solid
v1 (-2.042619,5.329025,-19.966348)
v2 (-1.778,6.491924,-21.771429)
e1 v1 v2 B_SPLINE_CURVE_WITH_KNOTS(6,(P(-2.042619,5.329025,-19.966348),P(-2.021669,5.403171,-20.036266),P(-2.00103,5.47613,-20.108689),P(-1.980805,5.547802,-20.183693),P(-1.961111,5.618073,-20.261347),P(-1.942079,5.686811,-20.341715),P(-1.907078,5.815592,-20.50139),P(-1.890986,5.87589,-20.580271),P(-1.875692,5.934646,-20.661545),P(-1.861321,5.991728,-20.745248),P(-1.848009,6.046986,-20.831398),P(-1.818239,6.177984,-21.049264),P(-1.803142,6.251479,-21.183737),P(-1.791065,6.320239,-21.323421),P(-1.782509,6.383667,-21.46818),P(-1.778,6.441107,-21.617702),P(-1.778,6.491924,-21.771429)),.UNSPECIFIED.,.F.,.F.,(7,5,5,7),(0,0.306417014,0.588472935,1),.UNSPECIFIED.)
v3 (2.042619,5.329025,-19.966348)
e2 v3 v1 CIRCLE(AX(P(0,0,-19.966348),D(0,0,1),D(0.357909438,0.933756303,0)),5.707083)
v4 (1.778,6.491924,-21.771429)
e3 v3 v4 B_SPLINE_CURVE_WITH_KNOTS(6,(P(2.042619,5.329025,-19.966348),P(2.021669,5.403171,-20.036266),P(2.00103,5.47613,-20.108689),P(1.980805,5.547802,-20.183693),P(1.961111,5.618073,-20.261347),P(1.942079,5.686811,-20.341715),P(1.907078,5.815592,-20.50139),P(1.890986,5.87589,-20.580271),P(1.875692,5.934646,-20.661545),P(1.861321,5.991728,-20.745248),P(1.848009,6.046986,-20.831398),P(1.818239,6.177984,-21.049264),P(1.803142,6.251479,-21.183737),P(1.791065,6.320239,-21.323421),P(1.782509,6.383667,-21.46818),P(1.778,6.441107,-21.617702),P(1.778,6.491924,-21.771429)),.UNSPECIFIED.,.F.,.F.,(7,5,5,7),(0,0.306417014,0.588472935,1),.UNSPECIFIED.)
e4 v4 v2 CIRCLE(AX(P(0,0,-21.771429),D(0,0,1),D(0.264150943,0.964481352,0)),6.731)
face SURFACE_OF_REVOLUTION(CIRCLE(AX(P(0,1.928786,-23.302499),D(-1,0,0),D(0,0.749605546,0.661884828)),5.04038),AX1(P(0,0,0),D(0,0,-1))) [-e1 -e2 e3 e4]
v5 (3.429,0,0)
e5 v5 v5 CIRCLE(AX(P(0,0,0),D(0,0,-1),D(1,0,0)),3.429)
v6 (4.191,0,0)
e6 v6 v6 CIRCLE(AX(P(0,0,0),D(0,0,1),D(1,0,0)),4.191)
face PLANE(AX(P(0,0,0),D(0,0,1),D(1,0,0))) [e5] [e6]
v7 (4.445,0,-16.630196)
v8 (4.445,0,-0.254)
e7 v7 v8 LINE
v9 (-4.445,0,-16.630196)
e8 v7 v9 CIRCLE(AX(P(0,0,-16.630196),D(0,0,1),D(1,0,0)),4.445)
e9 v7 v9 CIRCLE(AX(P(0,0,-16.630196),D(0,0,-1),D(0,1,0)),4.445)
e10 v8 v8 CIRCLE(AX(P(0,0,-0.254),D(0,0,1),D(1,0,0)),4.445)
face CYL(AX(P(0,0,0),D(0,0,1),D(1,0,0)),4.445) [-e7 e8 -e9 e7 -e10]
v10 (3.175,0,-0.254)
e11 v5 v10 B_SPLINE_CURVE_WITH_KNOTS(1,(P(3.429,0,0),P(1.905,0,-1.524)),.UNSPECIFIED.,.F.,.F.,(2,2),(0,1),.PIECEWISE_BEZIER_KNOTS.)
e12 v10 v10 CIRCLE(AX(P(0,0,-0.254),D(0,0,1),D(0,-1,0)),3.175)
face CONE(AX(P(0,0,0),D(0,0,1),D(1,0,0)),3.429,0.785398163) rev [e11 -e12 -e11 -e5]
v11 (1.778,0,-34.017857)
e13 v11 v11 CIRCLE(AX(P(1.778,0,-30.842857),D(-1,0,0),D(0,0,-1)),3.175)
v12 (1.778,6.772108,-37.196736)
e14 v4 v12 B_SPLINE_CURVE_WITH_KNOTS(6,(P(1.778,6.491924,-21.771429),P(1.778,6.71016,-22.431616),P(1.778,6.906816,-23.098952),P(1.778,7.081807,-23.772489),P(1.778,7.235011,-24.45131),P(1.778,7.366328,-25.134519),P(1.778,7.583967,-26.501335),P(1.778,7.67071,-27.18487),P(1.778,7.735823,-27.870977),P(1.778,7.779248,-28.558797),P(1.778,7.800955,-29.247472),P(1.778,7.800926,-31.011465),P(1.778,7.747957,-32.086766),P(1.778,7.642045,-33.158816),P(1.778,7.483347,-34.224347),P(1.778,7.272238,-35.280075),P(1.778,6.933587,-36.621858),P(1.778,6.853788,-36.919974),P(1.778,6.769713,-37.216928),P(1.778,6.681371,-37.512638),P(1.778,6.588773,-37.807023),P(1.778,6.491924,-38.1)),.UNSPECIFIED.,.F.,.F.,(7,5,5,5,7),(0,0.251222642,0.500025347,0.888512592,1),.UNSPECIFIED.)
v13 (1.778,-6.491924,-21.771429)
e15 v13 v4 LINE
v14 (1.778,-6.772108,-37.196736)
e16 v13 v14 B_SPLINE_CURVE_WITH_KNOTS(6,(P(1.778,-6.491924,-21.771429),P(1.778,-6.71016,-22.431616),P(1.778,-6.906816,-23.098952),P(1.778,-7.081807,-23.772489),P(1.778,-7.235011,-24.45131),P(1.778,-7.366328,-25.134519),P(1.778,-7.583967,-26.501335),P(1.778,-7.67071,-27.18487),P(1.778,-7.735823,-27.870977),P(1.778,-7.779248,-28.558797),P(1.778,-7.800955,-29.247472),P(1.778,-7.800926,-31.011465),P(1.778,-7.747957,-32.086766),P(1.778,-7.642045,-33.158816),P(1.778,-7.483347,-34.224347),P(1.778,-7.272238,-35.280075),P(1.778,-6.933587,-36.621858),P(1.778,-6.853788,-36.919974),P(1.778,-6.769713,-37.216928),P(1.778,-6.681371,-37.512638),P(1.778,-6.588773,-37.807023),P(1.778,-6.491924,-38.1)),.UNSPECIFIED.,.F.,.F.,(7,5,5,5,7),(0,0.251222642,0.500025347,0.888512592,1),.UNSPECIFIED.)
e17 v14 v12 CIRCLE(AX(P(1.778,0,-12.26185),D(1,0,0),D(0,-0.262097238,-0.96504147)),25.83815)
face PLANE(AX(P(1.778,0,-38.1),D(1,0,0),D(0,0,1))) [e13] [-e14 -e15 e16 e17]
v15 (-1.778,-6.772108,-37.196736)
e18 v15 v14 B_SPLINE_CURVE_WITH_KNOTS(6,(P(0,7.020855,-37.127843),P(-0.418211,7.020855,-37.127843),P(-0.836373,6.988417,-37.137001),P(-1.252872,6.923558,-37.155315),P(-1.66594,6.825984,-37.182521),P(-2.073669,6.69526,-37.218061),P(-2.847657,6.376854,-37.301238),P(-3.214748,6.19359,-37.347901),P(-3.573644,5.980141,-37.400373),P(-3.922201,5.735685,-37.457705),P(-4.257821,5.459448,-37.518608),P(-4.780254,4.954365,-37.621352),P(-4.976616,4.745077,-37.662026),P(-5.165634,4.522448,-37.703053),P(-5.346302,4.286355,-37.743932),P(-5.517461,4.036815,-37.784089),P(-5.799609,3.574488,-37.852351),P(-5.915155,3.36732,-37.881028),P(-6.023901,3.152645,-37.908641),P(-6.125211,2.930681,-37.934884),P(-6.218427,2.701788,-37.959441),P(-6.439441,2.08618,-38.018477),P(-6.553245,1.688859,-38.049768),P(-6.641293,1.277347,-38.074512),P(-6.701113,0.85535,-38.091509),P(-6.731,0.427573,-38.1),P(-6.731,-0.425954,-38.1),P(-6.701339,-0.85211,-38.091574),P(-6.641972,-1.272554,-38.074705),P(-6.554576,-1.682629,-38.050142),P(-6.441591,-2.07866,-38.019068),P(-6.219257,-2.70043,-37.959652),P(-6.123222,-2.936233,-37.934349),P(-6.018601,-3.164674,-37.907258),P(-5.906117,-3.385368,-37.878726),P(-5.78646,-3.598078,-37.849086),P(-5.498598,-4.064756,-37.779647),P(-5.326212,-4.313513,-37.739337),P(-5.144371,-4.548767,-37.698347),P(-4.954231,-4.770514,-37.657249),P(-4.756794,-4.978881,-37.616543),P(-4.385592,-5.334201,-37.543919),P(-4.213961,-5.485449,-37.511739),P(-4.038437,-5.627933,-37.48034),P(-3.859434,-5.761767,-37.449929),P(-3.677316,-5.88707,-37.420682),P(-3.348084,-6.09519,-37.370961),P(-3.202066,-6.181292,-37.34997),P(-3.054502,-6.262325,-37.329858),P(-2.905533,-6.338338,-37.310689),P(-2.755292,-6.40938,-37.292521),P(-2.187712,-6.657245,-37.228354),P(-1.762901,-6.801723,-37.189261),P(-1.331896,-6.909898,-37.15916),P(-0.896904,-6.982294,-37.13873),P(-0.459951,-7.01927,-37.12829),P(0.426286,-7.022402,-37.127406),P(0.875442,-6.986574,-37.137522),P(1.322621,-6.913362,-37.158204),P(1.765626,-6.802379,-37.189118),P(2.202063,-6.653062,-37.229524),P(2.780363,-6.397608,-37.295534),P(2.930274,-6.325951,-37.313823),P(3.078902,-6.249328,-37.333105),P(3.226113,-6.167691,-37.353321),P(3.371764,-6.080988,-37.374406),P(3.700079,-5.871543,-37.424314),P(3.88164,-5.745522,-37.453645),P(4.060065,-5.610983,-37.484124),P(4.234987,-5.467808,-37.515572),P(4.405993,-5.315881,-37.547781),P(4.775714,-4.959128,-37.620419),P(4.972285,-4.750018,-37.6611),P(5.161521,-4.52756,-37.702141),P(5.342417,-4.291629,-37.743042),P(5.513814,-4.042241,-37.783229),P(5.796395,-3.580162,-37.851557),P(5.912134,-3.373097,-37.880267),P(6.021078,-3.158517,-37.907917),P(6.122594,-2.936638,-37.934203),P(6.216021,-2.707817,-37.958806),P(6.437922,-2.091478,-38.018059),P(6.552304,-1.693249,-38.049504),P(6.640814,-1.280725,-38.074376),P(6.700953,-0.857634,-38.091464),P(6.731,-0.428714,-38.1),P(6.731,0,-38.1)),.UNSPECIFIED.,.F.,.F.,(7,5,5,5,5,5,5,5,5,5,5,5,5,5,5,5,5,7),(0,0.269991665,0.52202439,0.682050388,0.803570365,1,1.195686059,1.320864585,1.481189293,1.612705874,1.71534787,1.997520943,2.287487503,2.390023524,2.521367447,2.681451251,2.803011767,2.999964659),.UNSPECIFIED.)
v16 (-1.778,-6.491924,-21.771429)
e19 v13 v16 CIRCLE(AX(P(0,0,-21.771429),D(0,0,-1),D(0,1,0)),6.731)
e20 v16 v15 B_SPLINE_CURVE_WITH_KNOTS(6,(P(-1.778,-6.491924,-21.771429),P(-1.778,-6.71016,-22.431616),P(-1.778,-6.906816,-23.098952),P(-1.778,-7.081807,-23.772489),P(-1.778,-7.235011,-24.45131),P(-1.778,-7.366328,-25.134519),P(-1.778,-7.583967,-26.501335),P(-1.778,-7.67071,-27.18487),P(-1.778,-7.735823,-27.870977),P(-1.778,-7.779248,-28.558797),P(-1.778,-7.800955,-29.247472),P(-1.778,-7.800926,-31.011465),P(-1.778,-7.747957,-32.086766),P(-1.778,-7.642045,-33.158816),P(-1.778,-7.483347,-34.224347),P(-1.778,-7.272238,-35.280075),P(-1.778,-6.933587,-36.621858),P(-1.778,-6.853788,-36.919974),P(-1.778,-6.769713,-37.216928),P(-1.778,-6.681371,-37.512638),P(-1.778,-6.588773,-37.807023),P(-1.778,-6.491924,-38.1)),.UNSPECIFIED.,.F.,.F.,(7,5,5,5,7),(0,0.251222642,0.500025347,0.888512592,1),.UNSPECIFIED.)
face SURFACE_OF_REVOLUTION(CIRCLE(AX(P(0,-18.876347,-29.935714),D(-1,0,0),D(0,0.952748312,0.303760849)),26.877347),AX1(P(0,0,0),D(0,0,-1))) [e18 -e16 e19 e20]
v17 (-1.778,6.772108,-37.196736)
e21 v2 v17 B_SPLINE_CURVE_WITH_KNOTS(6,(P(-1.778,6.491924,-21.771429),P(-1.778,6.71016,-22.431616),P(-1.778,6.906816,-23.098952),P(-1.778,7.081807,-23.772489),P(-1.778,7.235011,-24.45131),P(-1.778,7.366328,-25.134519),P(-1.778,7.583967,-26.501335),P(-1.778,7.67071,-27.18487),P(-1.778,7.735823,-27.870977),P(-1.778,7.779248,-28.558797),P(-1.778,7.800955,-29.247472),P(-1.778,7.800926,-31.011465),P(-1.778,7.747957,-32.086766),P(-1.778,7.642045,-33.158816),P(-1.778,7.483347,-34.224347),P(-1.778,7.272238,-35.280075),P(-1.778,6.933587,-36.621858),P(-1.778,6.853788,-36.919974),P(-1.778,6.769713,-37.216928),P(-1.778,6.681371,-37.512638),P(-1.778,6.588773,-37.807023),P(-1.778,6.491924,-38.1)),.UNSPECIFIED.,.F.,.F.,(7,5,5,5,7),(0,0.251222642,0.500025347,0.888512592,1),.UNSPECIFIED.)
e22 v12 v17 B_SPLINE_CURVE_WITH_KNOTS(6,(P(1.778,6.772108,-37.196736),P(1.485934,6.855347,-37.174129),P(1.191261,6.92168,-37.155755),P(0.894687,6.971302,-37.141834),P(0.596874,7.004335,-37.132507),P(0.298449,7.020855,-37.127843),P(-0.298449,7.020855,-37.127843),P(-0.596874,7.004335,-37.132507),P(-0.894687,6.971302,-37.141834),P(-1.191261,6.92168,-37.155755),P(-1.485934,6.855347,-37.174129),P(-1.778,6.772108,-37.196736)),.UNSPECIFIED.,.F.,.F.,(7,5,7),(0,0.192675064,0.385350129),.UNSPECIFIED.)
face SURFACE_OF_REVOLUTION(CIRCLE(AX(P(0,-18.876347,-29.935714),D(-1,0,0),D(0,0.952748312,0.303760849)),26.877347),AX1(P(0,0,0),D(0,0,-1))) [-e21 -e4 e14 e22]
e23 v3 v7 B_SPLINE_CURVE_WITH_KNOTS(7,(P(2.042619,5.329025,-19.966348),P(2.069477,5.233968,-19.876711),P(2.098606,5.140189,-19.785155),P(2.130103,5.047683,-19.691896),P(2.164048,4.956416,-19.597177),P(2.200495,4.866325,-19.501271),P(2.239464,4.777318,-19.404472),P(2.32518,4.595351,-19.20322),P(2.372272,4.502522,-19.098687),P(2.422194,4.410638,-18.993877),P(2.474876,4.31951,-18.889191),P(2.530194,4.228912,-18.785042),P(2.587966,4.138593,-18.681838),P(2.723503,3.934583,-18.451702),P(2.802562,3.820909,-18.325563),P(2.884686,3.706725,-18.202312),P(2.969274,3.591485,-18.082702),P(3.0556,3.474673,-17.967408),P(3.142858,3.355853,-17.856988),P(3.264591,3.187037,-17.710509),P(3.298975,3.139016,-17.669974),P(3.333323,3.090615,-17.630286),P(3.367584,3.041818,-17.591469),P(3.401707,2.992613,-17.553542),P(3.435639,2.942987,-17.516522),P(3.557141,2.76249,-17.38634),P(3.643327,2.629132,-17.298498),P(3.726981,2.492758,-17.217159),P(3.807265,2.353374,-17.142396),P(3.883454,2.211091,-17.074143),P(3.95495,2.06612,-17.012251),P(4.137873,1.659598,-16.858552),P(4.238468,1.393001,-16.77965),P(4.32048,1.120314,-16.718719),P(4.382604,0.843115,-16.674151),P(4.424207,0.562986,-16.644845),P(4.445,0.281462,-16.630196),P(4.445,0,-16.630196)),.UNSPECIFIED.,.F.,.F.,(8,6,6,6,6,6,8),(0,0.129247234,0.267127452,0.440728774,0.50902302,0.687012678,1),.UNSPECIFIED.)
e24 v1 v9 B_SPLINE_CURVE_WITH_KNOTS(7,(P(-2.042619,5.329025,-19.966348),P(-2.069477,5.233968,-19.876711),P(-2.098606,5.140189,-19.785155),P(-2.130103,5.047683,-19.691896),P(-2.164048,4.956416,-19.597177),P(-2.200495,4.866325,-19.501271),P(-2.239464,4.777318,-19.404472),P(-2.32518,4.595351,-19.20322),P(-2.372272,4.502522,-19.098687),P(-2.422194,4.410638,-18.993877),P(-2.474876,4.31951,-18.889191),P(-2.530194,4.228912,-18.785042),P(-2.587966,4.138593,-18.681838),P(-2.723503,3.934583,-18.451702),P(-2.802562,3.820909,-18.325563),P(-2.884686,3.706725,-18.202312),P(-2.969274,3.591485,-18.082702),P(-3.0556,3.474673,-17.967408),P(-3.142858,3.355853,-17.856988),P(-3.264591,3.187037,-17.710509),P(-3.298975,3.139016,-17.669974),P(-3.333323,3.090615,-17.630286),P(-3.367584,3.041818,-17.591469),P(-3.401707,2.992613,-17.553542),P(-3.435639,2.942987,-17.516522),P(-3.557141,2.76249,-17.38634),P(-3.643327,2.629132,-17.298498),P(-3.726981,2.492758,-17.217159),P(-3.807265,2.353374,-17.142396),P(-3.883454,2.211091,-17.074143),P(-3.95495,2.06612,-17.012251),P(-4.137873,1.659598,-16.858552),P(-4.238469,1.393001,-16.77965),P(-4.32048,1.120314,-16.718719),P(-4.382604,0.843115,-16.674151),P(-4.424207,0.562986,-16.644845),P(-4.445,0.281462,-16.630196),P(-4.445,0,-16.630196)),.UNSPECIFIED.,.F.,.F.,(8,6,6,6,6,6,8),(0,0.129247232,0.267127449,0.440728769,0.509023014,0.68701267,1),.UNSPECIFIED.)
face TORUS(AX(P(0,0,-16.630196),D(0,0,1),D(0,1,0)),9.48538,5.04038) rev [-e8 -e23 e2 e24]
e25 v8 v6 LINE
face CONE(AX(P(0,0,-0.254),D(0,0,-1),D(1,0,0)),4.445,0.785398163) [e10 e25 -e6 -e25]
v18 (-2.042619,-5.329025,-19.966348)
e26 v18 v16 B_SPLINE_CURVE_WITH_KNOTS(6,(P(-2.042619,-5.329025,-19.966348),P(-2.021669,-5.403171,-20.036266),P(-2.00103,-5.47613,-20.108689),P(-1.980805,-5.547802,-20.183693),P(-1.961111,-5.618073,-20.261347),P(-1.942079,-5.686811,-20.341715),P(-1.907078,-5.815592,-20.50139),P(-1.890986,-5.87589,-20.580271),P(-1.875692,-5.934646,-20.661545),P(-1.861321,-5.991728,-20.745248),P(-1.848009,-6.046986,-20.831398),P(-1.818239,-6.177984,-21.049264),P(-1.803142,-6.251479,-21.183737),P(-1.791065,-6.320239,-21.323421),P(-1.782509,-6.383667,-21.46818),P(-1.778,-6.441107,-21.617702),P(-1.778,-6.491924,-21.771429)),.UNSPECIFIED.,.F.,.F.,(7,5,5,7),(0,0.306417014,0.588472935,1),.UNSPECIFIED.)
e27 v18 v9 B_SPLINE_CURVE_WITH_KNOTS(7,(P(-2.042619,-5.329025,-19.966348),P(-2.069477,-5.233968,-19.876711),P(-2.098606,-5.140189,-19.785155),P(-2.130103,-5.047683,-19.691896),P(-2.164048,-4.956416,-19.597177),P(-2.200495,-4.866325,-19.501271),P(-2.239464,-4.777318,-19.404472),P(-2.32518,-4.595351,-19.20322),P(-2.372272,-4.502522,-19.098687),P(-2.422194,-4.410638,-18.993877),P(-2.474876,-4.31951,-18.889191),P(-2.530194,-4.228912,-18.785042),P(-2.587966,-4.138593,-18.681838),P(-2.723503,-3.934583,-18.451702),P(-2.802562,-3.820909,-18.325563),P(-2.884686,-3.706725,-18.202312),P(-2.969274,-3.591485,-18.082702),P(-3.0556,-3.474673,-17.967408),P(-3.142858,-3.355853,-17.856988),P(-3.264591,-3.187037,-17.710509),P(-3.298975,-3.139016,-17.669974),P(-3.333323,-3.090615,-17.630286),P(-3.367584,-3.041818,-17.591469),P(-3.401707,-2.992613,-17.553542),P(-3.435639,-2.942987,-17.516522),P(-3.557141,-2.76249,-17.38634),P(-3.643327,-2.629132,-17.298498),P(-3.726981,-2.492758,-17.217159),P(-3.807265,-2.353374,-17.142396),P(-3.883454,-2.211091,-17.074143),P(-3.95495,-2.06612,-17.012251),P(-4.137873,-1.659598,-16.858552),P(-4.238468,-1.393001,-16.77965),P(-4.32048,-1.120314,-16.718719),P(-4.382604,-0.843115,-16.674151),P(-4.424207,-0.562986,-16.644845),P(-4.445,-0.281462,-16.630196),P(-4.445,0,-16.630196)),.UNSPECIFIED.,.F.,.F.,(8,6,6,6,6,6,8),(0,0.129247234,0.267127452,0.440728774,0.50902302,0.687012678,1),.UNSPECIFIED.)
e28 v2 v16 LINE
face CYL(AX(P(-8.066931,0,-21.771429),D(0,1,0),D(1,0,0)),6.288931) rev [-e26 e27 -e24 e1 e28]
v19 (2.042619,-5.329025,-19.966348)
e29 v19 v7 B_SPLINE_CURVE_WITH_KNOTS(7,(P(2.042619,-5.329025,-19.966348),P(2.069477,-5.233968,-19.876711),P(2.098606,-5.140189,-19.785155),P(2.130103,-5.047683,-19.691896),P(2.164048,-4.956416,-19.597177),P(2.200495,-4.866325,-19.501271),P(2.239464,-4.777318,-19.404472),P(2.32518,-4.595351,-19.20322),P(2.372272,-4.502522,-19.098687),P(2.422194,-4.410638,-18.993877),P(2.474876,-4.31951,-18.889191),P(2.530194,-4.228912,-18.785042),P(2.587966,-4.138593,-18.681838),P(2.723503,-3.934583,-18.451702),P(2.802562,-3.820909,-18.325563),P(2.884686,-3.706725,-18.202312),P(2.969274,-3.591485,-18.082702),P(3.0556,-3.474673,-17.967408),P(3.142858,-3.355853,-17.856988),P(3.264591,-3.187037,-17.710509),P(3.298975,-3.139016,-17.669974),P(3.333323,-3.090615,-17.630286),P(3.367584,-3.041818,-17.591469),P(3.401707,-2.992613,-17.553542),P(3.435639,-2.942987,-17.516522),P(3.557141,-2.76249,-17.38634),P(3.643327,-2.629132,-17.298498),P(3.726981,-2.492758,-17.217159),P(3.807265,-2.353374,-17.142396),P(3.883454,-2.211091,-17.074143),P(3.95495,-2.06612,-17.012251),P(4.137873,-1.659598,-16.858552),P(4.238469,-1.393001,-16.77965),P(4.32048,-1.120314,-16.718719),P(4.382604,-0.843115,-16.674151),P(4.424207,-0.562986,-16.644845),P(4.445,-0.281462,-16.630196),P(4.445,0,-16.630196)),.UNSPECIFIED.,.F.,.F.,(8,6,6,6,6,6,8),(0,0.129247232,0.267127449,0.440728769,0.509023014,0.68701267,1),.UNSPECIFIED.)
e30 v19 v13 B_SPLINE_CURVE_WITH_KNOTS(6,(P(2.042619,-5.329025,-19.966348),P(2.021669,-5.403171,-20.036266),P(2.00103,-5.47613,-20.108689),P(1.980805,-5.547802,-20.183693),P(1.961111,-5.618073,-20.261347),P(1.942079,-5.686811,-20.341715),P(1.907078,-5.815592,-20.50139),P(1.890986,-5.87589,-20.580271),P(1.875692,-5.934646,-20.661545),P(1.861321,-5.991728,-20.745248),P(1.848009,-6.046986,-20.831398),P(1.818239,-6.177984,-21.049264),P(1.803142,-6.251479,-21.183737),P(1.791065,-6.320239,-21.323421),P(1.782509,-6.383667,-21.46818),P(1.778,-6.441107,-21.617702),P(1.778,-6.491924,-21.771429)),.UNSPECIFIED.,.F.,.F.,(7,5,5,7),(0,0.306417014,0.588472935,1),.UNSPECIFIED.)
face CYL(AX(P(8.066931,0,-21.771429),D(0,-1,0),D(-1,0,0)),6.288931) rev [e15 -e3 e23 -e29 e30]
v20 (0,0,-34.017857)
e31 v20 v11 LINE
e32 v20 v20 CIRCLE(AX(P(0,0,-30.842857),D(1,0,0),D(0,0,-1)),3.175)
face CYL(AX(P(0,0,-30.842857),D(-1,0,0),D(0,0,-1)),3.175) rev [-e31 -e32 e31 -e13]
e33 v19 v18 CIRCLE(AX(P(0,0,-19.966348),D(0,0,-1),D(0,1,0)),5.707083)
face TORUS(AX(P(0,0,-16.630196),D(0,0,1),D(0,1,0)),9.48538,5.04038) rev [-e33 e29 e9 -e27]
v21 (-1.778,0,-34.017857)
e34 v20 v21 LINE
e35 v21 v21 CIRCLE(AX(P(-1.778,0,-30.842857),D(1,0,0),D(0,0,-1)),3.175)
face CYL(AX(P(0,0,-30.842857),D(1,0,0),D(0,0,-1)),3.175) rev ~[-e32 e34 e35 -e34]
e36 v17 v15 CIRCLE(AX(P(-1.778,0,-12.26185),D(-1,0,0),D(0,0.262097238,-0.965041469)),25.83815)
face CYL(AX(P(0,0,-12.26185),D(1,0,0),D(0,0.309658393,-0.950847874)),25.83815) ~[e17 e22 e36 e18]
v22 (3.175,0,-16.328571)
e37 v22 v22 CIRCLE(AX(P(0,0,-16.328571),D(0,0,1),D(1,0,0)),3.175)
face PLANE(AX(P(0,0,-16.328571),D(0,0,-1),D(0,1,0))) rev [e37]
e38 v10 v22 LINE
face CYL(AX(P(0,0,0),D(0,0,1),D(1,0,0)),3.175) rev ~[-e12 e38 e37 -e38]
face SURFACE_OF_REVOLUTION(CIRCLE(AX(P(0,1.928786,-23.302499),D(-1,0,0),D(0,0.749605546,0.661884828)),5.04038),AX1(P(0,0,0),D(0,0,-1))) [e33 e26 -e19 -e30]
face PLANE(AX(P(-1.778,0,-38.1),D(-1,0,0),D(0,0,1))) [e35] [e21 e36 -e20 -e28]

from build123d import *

# Parameters (mm, degrees)
SKETCH1_R           = 4.445
EXTRUDE1_DEPTH      = 38.1
SKETCH32_R          = 3.175
CUT_EXTRUDE9_DEPTH  = 39.615101321
SKETCH34_R          = 3.429
CUT_EXTRUDE11_DEPTH = 1.524
CUT_EXTRUDE11_DRAFT = -45
CHAMFER1_SIZE       = 0.254
SKETCH30_R          = 3.175
CUT_EXTRUDE7_DEPTH  = 12.7
CUT_EXTRUDE8_DEPTH  = 12.7


with BuildPart() as part:
    # Sketch1 → Extrude1 (new body)
    with BuildSketch(Plane.XY):
        Circle(SKETCH1_R)
    extrude(amount=-EXTRUDE1_DEPTH)

    # Sketch32 → Cut-Extrude9 (cut, through all)
    with BuildSketch(Plane.XY):
        Circle(SKETCH32_R)
    extrude(amount=-CUT_EXTRUDE9_DEPTH, mode=Mode.SUBTRACT)


with BuildPart() as cut_extrude11_tool:
    # Sketch34 → Cut-Extrude11 (with draft: the straight prism first)
    with BuildSketch(Plane.XY):
        Circle(SKETCH34_R)
    extrude(amount=-CUT_EXTRUDE11_DEPTH)
    # Cut-Extrude11: the draft: its side faces are tilted about the plane it starts from
    cut_extrude11_sides = [cut_extrude11_tool.faces().sort_by_distance(p)[0] for p in [
        (-3.429, 0, -0.762),
    ]]
    draft(cut_extrude11_sides, Plane.XY, CUT_EXTRUDE11_DRAFT)


with BuildPart() as part_1:
    add(part.part)

    # Cut-Extrude11: cut by cut_extrude11_tool
    add(cut_extrude11_tool.part, mode=Mode.SUBTRACT)

    # Chamfer1
    chamfer1_edges = [part_1.edges().sort_by_distance(p)[0] for p in [
        (-4.445, 0, 0),
    ]]
    chamfer(chamfer1_edges, length=CHAMFER1_SIZE)

    # Sketch29 → Revolve2 (revolve)
    with BuildSketch(Plane(origin=(0, 0, 0), x_dir=(0, 0, -1), z_dir=(1, 0, 0))):
        with BuildLine():
            Line((16.328571429, 0), (16.328571429, 2.350110803))
            Line((16.328571429, 2.350110803), (16.328571429, 4.445))
            Line((16.328571429, 4.445), (16.630196429, 4.445))
            ThreePointArc((16.630196429, 4.445), (18.413645234, 4.771067643), (19.966347576, 5.707083234))
            ThreePointArc((19.966347576, 5.707083234), (20.815620725, 6.31294757), (21.771428571, 6.731))
            ThreePointArc((21.771428571, 6.731), (29.935714286, 8.001), (38.1, 6.731))
            Line((38.1, 6.731), (38.1, 0))
            Line((38.1, 0), (16.328571429, 0))
        make_face()
    revolve(axis=Axis((0, 0, 0), (0, 0, -1)))

    # Sketch30 → Cut-Extrude7 (cut, symmetric)
    with BuildSketch(Plane(origin=(0, 0, 0), x_dir=(0, 0, -1), z_dir=(1, 0, 0))):
        with Locations((30.842857143, 0)):
            Circle(SKETCH30_R)
        with BuildLine():
            Line((44.45, 8.001), (36.83, 8.001))
            ThreePointArc((36.83, 8.001), (38.1, 0), (36.83, -8.001))
            Line((36.83, -8.001), (44.45, -8.001))
            Line((44.45, -8.001), (44.45, 8.001))
        make_face()
    extrude(amount=CUT_EXTRUDE7_DEPTH, both=True, mode=Mode.SUBTRACT)

    # Sketch31 → Cut-Extrude8 (cut, symmetric)
    with BuildSketch(Plane(origin=(0, 0, 0), x_dir=(1, 0, 0), z_dir=(0, 1, 0))):
        with BuildLine():
            Line((1.778, 38.1), (1.778, 21.771428571))
            ThreePointArc((1.778, 21.771428571), (2.484425862, 18.87551952), (4.445, 16.630196429))
            Line((4.445, 16.630196429), (14.478, 16.630196429))
            Line((14.478, 16.630196429), (14.478, 38.1))
            Line((14.478, 38.1), (1.778, 38.1))
        make_face()
        with BuildLine():
            Line((-1.778, 38.1), (-1.778, 21.771428571))
            ThreePointArc((-1.778, 21.771428571), (-2.484425862, 18.87551952), (-4.445, 16.630196429))
            Line((-4.445, 16.630196429), (-14.478, 16.630196429))
            Line((-14.478, 16.630196429), (-14.478, 38.1))
            Line((-14.478, 38.1), (-1.778, 38.1))
        make_face()
    extrude(amount=CUT_EXTRUDE8_DEPTH, both=True, mode=Mode.SUBTRACT)


solid = part_1.part
